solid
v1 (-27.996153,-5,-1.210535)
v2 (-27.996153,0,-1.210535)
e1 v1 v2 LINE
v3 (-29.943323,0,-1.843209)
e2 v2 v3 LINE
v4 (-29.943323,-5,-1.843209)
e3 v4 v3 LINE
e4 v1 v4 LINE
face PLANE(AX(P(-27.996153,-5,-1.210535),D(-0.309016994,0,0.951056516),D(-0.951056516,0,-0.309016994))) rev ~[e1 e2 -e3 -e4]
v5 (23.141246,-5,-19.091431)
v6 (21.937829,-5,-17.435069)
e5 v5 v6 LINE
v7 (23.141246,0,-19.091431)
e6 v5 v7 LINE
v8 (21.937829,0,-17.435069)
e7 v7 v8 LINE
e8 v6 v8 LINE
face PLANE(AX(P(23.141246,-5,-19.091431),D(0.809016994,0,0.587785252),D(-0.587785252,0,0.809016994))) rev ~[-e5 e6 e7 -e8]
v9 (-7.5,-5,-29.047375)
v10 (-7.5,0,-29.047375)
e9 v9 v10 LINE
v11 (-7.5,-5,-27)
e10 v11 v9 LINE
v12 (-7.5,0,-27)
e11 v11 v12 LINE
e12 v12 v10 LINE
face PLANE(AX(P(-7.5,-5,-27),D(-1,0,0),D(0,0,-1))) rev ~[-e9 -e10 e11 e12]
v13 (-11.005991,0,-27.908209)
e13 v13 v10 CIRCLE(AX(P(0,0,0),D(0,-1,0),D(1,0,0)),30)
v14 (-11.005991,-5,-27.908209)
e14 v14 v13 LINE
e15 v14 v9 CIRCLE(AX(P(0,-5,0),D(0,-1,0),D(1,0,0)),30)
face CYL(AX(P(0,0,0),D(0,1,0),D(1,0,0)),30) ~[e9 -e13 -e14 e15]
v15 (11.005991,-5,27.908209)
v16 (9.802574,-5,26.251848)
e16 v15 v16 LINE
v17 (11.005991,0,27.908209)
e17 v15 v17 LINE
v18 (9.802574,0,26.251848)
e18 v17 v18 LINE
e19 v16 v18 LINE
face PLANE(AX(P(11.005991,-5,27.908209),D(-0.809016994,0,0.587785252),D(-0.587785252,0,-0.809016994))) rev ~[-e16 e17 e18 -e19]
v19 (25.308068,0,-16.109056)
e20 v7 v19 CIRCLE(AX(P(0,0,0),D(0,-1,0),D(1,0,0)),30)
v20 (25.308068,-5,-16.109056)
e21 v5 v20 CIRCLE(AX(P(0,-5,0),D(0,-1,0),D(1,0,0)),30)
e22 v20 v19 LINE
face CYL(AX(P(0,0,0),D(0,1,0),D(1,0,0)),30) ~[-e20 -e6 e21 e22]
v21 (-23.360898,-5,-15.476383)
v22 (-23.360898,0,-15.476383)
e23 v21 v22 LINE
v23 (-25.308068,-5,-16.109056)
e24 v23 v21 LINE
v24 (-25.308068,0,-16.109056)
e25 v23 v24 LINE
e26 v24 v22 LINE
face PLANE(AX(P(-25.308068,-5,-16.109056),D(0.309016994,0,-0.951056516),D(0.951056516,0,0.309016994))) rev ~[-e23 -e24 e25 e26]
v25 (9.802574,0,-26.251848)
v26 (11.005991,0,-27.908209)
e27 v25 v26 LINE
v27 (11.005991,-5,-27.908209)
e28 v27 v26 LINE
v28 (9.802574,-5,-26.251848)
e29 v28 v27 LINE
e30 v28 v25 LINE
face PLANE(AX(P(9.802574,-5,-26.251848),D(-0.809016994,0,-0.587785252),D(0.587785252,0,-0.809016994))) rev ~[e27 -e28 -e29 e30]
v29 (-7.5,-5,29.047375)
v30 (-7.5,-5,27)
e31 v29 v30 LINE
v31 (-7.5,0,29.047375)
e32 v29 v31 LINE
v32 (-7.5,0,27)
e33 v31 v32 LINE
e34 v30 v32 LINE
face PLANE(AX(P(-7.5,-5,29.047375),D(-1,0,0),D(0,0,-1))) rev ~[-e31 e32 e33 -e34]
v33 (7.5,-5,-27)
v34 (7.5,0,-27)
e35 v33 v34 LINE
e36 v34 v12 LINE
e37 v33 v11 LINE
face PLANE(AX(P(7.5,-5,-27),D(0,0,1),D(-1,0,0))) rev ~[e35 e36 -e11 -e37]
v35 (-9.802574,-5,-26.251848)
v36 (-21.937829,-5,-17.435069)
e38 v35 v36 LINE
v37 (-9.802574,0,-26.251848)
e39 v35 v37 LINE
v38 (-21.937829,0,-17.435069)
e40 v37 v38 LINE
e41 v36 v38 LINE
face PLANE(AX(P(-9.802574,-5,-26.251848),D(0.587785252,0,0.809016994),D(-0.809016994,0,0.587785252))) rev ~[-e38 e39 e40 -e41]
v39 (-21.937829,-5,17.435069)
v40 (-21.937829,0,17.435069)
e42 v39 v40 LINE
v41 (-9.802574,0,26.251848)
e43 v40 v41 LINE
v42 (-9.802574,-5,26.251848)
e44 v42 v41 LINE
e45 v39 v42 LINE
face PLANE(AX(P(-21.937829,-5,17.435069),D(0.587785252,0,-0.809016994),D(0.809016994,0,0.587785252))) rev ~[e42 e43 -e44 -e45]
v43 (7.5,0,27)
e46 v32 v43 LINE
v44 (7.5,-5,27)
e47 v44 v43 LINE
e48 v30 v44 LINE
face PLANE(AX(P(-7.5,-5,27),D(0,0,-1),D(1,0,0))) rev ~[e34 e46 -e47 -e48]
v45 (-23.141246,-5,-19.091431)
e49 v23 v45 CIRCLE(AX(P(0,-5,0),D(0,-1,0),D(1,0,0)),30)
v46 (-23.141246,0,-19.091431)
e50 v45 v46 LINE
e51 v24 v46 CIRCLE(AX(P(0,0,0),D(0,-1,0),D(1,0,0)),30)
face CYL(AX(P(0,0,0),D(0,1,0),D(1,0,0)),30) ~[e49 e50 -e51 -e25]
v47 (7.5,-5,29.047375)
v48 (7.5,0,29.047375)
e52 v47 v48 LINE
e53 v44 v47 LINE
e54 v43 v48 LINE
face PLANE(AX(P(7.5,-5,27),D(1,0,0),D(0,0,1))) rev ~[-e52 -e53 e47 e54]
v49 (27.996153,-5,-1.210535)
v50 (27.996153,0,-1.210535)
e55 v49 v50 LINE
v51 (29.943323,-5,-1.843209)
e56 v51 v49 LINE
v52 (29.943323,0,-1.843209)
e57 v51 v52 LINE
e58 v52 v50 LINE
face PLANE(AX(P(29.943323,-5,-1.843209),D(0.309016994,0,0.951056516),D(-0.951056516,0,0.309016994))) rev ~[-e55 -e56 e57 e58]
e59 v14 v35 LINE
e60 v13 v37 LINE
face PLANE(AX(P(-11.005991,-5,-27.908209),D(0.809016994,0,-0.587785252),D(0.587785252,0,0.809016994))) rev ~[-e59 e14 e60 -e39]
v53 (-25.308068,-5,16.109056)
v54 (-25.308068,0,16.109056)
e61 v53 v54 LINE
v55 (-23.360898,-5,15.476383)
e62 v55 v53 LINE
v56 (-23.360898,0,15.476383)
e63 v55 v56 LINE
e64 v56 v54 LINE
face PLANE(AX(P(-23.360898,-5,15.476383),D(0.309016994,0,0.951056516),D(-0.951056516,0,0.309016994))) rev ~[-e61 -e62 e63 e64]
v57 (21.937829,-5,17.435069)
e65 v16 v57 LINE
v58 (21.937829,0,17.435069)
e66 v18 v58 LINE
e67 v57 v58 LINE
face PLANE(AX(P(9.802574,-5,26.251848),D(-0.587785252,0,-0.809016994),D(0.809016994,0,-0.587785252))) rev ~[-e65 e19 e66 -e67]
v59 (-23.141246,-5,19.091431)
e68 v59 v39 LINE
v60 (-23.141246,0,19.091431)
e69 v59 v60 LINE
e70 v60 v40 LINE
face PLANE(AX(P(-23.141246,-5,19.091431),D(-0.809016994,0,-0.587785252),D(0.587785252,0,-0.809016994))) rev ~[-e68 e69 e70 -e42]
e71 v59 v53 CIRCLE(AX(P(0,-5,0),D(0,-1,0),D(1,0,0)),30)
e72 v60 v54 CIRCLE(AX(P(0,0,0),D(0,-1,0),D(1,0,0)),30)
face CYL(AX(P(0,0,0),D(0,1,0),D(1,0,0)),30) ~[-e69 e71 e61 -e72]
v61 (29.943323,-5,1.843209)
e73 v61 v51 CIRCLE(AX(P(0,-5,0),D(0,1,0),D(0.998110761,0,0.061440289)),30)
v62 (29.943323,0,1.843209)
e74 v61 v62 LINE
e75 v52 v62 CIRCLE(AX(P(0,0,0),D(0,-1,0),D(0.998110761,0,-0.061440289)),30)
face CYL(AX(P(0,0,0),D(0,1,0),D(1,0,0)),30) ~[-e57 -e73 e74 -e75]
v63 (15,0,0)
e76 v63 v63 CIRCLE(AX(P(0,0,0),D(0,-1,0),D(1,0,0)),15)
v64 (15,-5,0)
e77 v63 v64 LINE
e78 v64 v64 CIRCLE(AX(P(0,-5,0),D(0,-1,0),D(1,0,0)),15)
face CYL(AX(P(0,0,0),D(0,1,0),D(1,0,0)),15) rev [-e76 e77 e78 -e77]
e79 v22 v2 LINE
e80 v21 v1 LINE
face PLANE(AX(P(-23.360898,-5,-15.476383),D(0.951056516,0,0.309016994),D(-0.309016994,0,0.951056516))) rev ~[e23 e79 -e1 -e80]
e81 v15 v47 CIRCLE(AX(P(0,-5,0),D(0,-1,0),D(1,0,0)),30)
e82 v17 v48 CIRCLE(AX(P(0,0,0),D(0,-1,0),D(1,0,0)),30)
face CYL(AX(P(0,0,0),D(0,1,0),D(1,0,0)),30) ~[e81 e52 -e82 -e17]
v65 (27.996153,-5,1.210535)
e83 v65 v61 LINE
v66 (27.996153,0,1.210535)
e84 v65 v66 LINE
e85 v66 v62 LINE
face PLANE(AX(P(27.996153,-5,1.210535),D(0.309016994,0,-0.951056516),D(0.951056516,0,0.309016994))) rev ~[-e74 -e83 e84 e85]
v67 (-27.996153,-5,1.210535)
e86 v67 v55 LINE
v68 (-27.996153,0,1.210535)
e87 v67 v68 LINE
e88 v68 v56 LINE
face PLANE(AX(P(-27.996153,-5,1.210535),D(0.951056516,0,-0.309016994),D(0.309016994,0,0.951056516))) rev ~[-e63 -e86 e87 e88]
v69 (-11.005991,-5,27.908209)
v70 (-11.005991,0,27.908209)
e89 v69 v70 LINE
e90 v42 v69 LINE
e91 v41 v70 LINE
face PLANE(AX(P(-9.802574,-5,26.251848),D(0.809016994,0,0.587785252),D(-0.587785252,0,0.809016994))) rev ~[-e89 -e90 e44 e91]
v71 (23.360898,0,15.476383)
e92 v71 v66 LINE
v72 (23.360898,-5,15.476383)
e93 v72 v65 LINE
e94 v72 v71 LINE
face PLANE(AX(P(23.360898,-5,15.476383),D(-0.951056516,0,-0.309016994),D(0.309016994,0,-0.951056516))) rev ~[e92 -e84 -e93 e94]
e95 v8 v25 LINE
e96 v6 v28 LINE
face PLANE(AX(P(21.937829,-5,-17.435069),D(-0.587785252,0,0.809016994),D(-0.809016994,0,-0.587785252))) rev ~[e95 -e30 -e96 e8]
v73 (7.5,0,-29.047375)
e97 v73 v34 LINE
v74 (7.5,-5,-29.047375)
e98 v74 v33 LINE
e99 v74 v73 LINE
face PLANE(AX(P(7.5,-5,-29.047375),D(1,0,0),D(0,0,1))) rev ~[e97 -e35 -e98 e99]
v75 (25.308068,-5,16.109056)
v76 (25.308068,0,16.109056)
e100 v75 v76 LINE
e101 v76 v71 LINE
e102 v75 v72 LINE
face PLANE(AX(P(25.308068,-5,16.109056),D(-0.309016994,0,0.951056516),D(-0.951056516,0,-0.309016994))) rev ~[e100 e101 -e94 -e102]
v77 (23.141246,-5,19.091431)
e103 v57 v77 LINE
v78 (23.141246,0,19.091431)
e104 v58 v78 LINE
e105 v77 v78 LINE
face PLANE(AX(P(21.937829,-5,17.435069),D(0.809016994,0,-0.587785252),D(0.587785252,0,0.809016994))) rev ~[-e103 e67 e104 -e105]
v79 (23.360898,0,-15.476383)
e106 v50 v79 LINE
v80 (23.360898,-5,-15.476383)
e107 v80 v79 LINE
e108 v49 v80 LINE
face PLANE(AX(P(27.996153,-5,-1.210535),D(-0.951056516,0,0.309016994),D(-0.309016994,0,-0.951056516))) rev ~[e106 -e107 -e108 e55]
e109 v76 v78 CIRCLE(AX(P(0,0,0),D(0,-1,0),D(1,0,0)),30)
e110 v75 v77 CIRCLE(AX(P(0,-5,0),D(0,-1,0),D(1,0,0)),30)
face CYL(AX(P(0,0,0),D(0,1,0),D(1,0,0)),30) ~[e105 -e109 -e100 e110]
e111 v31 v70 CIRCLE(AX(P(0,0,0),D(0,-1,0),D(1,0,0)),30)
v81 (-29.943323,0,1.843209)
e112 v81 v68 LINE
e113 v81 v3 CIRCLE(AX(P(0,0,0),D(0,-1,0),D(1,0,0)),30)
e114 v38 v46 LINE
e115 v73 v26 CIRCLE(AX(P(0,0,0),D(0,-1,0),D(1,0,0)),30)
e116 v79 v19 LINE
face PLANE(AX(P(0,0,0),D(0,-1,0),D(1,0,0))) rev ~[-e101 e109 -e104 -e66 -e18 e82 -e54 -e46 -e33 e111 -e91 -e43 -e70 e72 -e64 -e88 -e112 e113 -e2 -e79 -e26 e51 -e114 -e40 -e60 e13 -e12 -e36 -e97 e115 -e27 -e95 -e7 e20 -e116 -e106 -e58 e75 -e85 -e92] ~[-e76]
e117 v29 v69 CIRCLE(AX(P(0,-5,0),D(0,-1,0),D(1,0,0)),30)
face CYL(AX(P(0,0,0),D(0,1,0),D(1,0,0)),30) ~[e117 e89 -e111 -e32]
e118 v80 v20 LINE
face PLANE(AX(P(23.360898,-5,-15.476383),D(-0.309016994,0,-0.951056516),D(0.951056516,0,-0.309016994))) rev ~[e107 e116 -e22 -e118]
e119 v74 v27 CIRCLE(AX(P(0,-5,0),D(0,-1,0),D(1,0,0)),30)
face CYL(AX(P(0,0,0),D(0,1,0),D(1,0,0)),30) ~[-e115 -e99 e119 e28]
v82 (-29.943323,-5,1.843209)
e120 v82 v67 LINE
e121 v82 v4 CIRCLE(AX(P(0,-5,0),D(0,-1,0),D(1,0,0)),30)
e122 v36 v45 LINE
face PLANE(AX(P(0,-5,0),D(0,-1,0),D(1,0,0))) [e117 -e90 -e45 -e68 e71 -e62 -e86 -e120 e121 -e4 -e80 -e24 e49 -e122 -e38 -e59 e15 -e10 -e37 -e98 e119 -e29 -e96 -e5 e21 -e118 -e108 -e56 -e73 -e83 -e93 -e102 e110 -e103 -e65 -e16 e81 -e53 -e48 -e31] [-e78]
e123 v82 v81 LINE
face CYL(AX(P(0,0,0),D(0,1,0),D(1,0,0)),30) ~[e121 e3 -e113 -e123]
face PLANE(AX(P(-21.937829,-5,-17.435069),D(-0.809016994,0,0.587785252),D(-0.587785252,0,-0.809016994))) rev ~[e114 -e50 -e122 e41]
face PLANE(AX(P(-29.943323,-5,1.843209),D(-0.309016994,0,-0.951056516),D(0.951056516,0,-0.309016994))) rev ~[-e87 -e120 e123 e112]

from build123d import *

# Parameters (mm, degrees)
F0_R     = 30
F0_R_2   = 15
F1_DEPTH = 5
F2_DEPTH = 25


with BuildPart() as f1:
    # F0 (on Front) → F1 (new body)
    with BuildSketch(Plane.XZ):
        Circle(F0_R)
        Circle(F0_R_2, mode=Mode.SUBTRACT)
    extrude(amount=F1_DEPTH)

    # F3 (on face) → F2 (cut)
    with BuildSketch(Plane.XZ.offset(5)):
        with BuildLine():
            ThreePointArc((7.5, 29.0473750966), (3.7801287745, 29.760890888), (0, 30))
            Line((0, 30), (0, 27))
            Line((0, 27), (7.5, 27))
            Line((7.5, 27), (7.5, 29.0473750966))
        make_face()
        with BuildLine():
            Line((0, 27), (0, 30))
            ThreePointArc((0, 30), (-3.7801287745, 29.760890888), (-7.5, 29.0473750966))
            Line((-7.5, 29.0473750966), (-7.5, 27))
            Line((-7.5, 27), (0, 27))
        make_face()
        with BuildLine():
            Line((-17.6335575688, 24.2705098312), (-15.8702018119, 21.8434588481))
            Line((-15.8702018119, 21.8434588481), (-9.8025743541, 26.2518482403))
            Line((-9.8025743541, 26.2518482403), (-11.0059912418, 27.9082094873))
            ThreePointArc((-11.0059912418, 27.9082094873), (-14.4348243396, 26.2989704415), (-17.6335575688, 24.2705098312))
        make_face()
        with BuildLine():
            Line((-21.9378292697, 17.4350694559), (-15.8702018119, 21.8434588481))
            Line((-15.8702018119, 21.8434588481), (-17.6335575688, 24.2705098312))
            ThreePointArc((-17.6335575688, 24.2705098312), (-20.5512011785, 21.8551625507), (-23.1412461574, 19.0914307029))
            Line((-23.1412461574, 19.0914307029), (-21.9378292697, 17.4350694559))
        make_face()
        with BuildLine():
            Line((-28.5316954889, 9.2705098312), (-25.67852594, 8.3434588481))
            Line((-25.67852594, 8.3434588481), (-23.3608984822, 15.4763827203))
            Line((-23.3608984822, 15.4763827203), (-25.308067909, 16.109056419))
            ThreePointArc((-25.308067909, 16.109056419), (-27.1361651776, 12.7917371555), (-28.5316954889, 9.2705098312))
        make_face()
        with BuildLine():
            Line((-27.9961533978, 1.2105349759), (-25.67852594, 8.3434588481))
            Line((-25.67852594, 8.3434588481), (-28.5316954889, 9.2705098312))
            ThreePointArc((-28.5316954889, 9.2705098312), (-29.472413242, 5.6015049487), (-29.9433228247, 1.8432086746))
            Line((-29.9433228247, 1.8432086746), (-27.9961533978, 1.2105349759))
        make_face()
        with BuildLine():
            Line((-28.5316954889, -9.2705098312), (-25.67852594, -8.3434588481))
            Line((-25.67852594, -8.3434588481), (-27.9961533978, -1.2105349759))
            Line((-27.9961533978, -1.2105349759), (-29.9433228247, -1.8432086746))
            ThreePointArc((-29.9433228247, -1.8432086746), (-29.472413242, -5.6015049487), (-28.5316954889, -9.2705098312))
        make_face()
        with BuildLine():
            Line((-23.3608984822, -15.4763827203), (-25.67852594, -8.3434588481))
            Line((-25.67852594, -8.3434588481), (-28.5316954889, -9.2705098312))
            ThreePointArc((-28.5316954889, -9.2705098312), (-27.1361651776, -12.7917371555), (-25.308067909, -16.109056419))
            Line((-25.308067909, -16.109056419), (-23.3608984822, -15.4763827203))
        make_face()
        with BuildLine():
            Line((-17.6335575688, -24.2705098312), (-15.8702018119, -21.8434588481))
            Line((-15.8702018119, -21.8434588481), (-21.9378292697, -17.4350694559))
            Line((-21.9378292697, -17.4350694559), (-23.1412461574, -19.0914307029))
            ThreePointArc((-23.1412461574, -19.0914307029), (-20.5512011785, -21.8551625507), (-17.6335575688, -24.2705098312))
        make_face()
        with BuildLine():
            Line((-9.8025743541, -26.2518482403), (-15.8702018119, -21.8434588481))
            Line((-15.8702018119, -21.8434588481), (-17.6335575688, -24.2705098312))
            ThreePointArc((-17.6335575688, -24.2705098312), (-14.4348243396, -26.2989704415), (-11.0059912418, -27.9082094873))
            Line((-11.0059912418, -27.9082094873), (-9.8025743541, -26.2518482403))
        make_face()
        with BuildLine():
            Line((0, -30), (0, -27))
            Line((0, -27), (-7.5, -27))
            Line((-7.5, -27), (-7.5, -29.0473750966))
            ThreePointArc((-7.5, -29.0473750966), (-3.7801287745, -29.760890888), (0, -30))
        make_face()
        with BuildLine():
            Line((7.5, -27), (0, -27))
            Line((0, -27), (0, -30))
            ThreePointArc((0, -30), (3.7801287745, -29.760890888), (7.5, -29.0473750966))
            Line((7.5, -29.0473750966), (7.5, -27))
        make_face()
        with BuildLine():
            Line((17.6335575688, -24.2705098312), (15.8702018119, -21.8434588481))
            Line((15.8702018119, -21.8434588481), (9.8025743541, -26.2518482403))
            Line((9.8025743541, -26.2518482403), (11.0059912418, -27.9082094873))
            ThreePointArc((11.0059912418, -27.9082094873), (14.4348243396, -26.2989704415), (17.6335575688, -24.2705098312))
        make_face()
        with BuildLine():
            Line((21.9378292697, -17.4350694559), (15.8702018119, -21.8434588481))
            Line((15.8702018119, -21.8434588481), (17.6335575688, -24.2705098312))
            ThreePointArc((17.6335575688, -24.2705098312), (20.5512011785, -21.8551625507), (23.1412461574, -19.0914307029))
            Line((23.1412461574, -19.0914307029), (21.9378292697, -17.4350694559))
        make_face()
        with BuildLine():
            Line((28.5316954889, -9.2705098312), (25.67852594, -8.3434588481))
            Line((25.67852594, -8.3434588481), (23.3608984822, -15.4763827203))
            Line((23.3608984822, -15.4763827203), (25.308067909, -16.109056419))
            ThreePointArc((25.308067909, -16.109056419), (27.1361651776, -12.7917371555), (28.5316954889, -9.2705098312))
        make_face()
        with BuildLine():
            Line((27.9961533978, -1.2105349759), (25.67852594, -8.3434588481))
            Line((25.67852594, -8.3434588481), (28.5316954889, -9.2705098312))
            ThreePointArc((28.5316954889, -9.2705098312), (29.472413242, -5.6015049487), (29.9433228247, -1.8432086746))
            Line((29.9433228247, -1.8432086746), (27.9961533978, -1.2105349759))
        make_face()
        with BuildLine():
            Line((28.5316954889, 9.2705098312), (25.67852594, 8.3434588481))
            Line((25.67852594, 8.3434588481), (27.9961533978, 1.2105349759))
            Line((27.9961533978, 1.2105349759), (29.9433228247, 1.8432086746))
            ThreePointArc((29.9433228247, 1.8432086746), (29.472413242, 5.6015049487), (28.5316954889, 9.2705098312))
        make_face()
        with BuildLine():
            Line((23.3608984822, 15.4763827203), (25.67852594, 8.3434588481))
            Line((25.67852594, 8.3434588481), (28.5316954889, 9.2705098312))
            ThreePointArc((28.5316954889, 9.2705098312), (27.1361651776, 12.7917371555), (25.308067909, 16.109056419))
            Line((25.308067909, 16.109056419), (23.3608984822, 15.4763827203))
        make_face()
        with BuildLine():
            Line((17.6335575688, 24.2705098312), (15.8702018119, 21.8434588481))
            Line((15.8702018119, 21.8434588481), (21.9378292697, 17.4350694559))
            Line((21.9378292697, 17.4350694559), (23.1412461574, 19.0914307029))
            ThreePointArc((23.1412461574, 19.0914307029), (20.5512011785, 21.8551625507), (17.6335575688, 24.2705098312))
        make_face()
        with BuildLine():
            Line((9.8025743541, 26.2518482403), (15.8702018119, 21.8434588481))
            Line((15.8702018119, 21.8434588481), (17.6335575688, 24.2705098312))
            ThreePointArc((17.6335575688, 24.2705098312), (14.4348243396, 26.2989704415), (11.0059912418, 27.9082094873))
            Line((11.0059912418, 27.9082094873), (9.8025743541, 26.2518482403))
        make_face()
    extrude(amount=-F2_DEPTH, mode=Mode.SUBTRACT)


solid = f1.part
